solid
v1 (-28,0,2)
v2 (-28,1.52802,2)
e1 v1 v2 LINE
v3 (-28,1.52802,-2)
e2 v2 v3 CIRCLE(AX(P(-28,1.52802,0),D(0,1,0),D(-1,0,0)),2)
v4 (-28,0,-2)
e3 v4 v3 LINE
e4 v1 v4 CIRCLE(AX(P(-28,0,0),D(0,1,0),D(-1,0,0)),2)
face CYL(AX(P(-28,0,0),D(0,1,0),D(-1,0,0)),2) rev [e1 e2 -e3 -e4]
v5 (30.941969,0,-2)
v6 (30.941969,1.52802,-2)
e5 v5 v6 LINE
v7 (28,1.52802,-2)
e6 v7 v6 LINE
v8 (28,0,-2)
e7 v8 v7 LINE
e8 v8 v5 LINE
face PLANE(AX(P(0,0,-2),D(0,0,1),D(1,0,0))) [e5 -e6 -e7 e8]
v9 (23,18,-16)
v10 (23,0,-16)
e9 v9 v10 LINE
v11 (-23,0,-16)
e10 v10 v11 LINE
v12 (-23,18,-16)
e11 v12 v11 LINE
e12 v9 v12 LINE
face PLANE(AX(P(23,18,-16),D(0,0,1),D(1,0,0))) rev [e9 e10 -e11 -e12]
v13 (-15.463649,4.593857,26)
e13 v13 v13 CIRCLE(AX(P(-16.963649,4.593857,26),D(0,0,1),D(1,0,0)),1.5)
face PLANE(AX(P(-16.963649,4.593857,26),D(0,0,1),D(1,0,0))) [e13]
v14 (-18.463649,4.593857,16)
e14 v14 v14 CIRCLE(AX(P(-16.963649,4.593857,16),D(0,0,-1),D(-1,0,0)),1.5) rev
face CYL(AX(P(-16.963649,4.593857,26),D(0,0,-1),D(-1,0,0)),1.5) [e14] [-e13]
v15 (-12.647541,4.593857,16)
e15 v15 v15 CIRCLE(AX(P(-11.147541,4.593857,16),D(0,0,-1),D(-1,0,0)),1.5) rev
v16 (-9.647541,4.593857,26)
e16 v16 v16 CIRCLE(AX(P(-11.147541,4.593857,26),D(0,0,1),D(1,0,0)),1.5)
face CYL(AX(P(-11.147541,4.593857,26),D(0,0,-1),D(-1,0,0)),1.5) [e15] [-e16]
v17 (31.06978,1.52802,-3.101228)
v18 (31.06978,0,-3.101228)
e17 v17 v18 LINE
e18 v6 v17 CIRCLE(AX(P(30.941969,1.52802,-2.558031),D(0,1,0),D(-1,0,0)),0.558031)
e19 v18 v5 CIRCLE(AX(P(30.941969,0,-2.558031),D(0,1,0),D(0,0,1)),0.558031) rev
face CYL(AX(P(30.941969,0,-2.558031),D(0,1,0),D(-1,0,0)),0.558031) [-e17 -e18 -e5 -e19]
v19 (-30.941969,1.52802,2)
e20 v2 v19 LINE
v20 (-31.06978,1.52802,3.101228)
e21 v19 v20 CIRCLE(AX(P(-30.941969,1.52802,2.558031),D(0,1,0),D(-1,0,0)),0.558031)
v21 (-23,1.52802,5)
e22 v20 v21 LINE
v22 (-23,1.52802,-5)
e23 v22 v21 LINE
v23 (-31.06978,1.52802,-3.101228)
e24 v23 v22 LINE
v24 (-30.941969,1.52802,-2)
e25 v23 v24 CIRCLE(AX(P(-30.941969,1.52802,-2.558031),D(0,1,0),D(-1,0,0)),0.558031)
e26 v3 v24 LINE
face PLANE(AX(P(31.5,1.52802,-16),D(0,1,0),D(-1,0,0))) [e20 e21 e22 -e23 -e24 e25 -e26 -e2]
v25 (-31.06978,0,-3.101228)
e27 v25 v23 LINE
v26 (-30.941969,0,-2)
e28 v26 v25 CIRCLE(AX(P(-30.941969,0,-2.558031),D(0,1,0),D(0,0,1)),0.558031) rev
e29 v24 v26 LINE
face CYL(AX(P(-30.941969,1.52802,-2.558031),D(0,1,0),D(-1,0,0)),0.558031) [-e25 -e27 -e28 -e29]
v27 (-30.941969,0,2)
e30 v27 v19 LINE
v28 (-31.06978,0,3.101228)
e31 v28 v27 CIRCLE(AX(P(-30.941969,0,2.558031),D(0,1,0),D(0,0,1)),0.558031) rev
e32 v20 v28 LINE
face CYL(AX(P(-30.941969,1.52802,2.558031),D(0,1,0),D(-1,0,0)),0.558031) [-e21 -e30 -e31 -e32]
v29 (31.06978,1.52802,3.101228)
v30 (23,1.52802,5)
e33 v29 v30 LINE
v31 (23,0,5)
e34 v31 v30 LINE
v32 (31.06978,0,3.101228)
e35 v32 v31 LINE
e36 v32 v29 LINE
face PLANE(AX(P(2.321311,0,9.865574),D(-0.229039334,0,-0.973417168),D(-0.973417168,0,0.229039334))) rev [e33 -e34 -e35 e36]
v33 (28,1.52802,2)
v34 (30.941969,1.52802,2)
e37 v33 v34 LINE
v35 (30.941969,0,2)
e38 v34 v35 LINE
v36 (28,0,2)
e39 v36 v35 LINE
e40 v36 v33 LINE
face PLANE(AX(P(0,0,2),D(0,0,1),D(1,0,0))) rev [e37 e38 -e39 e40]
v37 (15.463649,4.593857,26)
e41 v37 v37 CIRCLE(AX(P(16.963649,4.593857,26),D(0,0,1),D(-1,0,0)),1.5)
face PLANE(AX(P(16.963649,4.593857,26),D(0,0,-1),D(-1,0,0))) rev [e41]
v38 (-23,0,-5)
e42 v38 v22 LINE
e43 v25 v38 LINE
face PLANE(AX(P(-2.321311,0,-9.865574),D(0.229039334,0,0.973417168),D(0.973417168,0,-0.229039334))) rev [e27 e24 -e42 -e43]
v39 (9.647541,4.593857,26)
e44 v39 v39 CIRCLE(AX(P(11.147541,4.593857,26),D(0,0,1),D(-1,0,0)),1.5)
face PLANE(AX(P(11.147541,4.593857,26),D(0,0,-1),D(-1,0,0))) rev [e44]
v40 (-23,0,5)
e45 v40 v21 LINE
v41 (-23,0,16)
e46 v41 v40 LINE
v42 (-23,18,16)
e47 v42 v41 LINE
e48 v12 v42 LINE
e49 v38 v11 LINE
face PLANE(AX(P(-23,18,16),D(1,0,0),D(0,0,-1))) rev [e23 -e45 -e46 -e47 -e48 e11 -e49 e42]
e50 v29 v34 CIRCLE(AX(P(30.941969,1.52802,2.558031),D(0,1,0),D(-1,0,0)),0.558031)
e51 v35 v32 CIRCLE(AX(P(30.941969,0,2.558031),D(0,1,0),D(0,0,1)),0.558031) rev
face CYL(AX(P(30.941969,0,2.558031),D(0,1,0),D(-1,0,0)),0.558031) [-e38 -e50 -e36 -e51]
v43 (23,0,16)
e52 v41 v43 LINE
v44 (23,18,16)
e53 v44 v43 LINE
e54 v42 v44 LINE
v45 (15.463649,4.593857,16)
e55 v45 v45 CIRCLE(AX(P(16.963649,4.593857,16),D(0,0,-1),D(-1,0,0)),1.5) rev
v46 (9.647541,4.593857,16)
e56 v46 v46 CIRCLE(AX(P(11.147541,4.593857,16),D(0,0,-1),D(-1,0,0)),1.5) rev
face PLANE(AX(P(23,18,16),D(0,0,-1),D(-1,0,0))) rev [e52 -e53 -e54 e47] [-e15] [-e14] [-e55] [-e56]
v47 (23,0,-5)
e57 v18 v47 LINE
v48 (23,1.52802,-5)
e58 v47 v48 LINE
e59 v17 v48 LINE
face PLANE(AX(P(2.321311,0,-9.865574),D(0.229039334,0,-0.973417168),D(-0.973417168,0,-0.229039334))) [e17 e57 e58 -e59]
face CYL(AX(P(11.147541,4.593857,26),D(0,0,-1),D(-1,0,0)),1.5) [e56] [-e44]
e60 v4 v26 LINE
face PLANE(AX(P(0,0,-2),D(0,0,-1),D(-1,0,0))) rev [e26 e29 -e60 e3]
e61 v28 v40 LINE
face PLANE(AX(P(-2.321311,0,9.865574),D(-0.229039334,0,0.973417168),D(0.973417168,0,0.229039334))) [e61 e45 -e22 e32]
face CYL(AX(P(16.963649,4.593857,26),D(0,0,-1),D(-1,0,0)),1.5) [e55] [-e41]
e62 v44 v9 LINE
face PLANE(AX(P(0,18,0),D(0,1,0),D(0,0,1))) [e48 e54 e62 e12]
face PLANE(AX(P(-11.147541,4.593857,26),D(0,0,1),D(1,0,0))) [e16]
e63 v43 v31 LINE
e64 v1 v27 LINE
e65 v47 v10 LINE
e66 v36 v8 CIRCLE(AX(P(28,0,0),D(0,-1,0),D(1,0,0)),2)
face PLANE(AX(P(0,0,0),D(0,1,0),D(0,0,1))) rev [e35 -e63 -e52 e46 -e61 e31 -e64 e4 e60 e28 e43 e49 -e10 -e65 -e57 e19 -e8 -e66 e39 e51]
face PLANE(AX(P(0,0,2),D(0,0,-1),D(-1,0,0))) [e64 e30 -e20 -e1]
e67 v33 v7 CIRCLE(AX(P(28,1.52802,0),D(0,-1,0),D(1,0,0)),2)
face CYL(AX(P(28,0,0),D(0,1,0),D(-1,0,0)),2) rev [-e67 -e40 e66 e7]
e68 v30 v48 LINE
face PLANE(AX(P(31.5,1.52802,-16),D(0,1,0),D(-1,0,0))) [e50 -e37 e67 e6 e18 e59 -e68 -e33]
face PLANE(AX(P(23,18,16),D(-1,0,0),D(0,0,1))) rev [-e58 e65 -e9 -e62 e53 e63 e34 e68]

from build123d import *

# Parameters (mm, degrees)
SKETCH_1_W          = 46
SKETCH_1_H          = 32
EXTRUDE_1_DEPTH     = 18
SKETCH_2_W          = 63
SKETCH_2_H          = 1.528020249
EXTRUDE_2_DEPTH     = 32
CUT_EXTRUDE_1_DEPTH = 39.981740814
FILLET_1_R          = 0.558031
FILLET_2_R          = 0.558031
FILLET_3_R          = 0.558031
FILLET_4_R          = 0.558031
SKETCH_5_R          = 1.5
EXTRUDE_3_DEPTH     = 10


with BuildPart() as part:
    # 草图1 → 凸台-拉伸1 (new body)
    with BuildSketch(Plane(origin=(0, 0, 0), x_dir=(1, 0, 0), z_dir=(0, 1, 0))):
        Rectangle(SKETCH_1_W, SKETCH_1_H)
    extrude(amount=EXTRUDE_1_DEPTH)

    # 草图2 → 凸台-拉伸2 (add, through all)
    with BuildSketch(Plane.XY.offset(16)):
        with Locations((0, 0.764010125)):
            Rectangle(SKETCH_2_W, SKETCH_2_H)
    extrude(amount=-EXTRUDE_2_DEPTH)

    # 草图3 → 切除-拉伸1 (cut, through all)
    with BuildSketch(Plane(origin=(0, 1.528020249, 0), x_dir=(1, 0, 0), z_dir=(0, 1, 0))):
        Polygon((-31.5, 16), (-31.5, 3), (-23, 5), (-23, 16), align=None)
        Polygon((-23, -5), (-31.5, -3), (-31.5, -16), (-23, -16), align=None)
        with BuildLine():
            ThreePointArc((-28, -2), (-26, 0), (-28, 2))
            Line((-28, 2), (-31.5, 2))
            Line((-31.5, 2), (-31.5, -2))
            Line((-31.5, -2), (-28, -2))
        make_face()
    cut_extrude_1 = extrude(amount=-CUT_EXTRUDE_1_DEPTH, mode=Mode.SUBTRACT)

    # 圆角1
    fillet_1_edges = [part.edges().sort_by_distance(p)[0] for p in [
        (-31.5, 0.764010125, -3),
        (-31.5, 0.764010125, -2),
    ]]
    fillet(fillet_1_edges, radius=FILLET_1_R)

    # 圆角2
    fillet_2_edges = [part.edges().sort_by_distance(p)[0] for p in [
        (-31.5, 0.764010125, 3),
        (-31.5, 0.764010125, 2),
    ]]
    fillet(fillet_2_edges, radius=FILLET_2_R)

    # 镜向4: 切除-拉伸1 across plane
    add(cut_extrude_1.mirror(Plane(origin=(0, 0, 0), x_dir=(0, 0, 1), z_dir=(1, 0, 0))), mode=Mode.SUBTRACT)

    # 圆角3
    fillet_3_edges = [part.edges().sort_by_distance(p)[0] for p in [
        (31.5, 0.764010125, -3),
        (31.5, 0.764010125, -2),
    ]]
    fillet(fillet_3_edges, radius=FILLET_3_R)

    # 圆角4
    fillet_4_edges = [part.edges().sort_by_distance(p)[0] for p in [
        (31.5, 0.764010125, 3),
        (31.5, 0.764010125, 2),
    ]]
    fillet(fillet_4_edges, radius=FILLET_4_R)

    # 草图5 → 凸台-拉伸3 (add)
    with BuildSketch(Plane.XY.offset(16)):
        with Locations(Location((-16.963649323, 4.593857319, 0), (0, 0, 180))):
            Circle(SKETCH_5_R)
        with Locations(Location((-11.147540984, 4.593857319, 0), (0, 0, 180))):
            Circle(SKETCH_5_R)
        with Locations(Location((11.147540984, 4.593857319, 0), (0, 0, 180))):
            Circle(SKETCH_5_R)
        with Locations(Location((16.963649323, 4.593857319, 0), (0, 0, 180))):
            Circle(SKETCH_5_R)
    extrude(amount=EXTRUDE_3_DEPTH)


solid = part.part
